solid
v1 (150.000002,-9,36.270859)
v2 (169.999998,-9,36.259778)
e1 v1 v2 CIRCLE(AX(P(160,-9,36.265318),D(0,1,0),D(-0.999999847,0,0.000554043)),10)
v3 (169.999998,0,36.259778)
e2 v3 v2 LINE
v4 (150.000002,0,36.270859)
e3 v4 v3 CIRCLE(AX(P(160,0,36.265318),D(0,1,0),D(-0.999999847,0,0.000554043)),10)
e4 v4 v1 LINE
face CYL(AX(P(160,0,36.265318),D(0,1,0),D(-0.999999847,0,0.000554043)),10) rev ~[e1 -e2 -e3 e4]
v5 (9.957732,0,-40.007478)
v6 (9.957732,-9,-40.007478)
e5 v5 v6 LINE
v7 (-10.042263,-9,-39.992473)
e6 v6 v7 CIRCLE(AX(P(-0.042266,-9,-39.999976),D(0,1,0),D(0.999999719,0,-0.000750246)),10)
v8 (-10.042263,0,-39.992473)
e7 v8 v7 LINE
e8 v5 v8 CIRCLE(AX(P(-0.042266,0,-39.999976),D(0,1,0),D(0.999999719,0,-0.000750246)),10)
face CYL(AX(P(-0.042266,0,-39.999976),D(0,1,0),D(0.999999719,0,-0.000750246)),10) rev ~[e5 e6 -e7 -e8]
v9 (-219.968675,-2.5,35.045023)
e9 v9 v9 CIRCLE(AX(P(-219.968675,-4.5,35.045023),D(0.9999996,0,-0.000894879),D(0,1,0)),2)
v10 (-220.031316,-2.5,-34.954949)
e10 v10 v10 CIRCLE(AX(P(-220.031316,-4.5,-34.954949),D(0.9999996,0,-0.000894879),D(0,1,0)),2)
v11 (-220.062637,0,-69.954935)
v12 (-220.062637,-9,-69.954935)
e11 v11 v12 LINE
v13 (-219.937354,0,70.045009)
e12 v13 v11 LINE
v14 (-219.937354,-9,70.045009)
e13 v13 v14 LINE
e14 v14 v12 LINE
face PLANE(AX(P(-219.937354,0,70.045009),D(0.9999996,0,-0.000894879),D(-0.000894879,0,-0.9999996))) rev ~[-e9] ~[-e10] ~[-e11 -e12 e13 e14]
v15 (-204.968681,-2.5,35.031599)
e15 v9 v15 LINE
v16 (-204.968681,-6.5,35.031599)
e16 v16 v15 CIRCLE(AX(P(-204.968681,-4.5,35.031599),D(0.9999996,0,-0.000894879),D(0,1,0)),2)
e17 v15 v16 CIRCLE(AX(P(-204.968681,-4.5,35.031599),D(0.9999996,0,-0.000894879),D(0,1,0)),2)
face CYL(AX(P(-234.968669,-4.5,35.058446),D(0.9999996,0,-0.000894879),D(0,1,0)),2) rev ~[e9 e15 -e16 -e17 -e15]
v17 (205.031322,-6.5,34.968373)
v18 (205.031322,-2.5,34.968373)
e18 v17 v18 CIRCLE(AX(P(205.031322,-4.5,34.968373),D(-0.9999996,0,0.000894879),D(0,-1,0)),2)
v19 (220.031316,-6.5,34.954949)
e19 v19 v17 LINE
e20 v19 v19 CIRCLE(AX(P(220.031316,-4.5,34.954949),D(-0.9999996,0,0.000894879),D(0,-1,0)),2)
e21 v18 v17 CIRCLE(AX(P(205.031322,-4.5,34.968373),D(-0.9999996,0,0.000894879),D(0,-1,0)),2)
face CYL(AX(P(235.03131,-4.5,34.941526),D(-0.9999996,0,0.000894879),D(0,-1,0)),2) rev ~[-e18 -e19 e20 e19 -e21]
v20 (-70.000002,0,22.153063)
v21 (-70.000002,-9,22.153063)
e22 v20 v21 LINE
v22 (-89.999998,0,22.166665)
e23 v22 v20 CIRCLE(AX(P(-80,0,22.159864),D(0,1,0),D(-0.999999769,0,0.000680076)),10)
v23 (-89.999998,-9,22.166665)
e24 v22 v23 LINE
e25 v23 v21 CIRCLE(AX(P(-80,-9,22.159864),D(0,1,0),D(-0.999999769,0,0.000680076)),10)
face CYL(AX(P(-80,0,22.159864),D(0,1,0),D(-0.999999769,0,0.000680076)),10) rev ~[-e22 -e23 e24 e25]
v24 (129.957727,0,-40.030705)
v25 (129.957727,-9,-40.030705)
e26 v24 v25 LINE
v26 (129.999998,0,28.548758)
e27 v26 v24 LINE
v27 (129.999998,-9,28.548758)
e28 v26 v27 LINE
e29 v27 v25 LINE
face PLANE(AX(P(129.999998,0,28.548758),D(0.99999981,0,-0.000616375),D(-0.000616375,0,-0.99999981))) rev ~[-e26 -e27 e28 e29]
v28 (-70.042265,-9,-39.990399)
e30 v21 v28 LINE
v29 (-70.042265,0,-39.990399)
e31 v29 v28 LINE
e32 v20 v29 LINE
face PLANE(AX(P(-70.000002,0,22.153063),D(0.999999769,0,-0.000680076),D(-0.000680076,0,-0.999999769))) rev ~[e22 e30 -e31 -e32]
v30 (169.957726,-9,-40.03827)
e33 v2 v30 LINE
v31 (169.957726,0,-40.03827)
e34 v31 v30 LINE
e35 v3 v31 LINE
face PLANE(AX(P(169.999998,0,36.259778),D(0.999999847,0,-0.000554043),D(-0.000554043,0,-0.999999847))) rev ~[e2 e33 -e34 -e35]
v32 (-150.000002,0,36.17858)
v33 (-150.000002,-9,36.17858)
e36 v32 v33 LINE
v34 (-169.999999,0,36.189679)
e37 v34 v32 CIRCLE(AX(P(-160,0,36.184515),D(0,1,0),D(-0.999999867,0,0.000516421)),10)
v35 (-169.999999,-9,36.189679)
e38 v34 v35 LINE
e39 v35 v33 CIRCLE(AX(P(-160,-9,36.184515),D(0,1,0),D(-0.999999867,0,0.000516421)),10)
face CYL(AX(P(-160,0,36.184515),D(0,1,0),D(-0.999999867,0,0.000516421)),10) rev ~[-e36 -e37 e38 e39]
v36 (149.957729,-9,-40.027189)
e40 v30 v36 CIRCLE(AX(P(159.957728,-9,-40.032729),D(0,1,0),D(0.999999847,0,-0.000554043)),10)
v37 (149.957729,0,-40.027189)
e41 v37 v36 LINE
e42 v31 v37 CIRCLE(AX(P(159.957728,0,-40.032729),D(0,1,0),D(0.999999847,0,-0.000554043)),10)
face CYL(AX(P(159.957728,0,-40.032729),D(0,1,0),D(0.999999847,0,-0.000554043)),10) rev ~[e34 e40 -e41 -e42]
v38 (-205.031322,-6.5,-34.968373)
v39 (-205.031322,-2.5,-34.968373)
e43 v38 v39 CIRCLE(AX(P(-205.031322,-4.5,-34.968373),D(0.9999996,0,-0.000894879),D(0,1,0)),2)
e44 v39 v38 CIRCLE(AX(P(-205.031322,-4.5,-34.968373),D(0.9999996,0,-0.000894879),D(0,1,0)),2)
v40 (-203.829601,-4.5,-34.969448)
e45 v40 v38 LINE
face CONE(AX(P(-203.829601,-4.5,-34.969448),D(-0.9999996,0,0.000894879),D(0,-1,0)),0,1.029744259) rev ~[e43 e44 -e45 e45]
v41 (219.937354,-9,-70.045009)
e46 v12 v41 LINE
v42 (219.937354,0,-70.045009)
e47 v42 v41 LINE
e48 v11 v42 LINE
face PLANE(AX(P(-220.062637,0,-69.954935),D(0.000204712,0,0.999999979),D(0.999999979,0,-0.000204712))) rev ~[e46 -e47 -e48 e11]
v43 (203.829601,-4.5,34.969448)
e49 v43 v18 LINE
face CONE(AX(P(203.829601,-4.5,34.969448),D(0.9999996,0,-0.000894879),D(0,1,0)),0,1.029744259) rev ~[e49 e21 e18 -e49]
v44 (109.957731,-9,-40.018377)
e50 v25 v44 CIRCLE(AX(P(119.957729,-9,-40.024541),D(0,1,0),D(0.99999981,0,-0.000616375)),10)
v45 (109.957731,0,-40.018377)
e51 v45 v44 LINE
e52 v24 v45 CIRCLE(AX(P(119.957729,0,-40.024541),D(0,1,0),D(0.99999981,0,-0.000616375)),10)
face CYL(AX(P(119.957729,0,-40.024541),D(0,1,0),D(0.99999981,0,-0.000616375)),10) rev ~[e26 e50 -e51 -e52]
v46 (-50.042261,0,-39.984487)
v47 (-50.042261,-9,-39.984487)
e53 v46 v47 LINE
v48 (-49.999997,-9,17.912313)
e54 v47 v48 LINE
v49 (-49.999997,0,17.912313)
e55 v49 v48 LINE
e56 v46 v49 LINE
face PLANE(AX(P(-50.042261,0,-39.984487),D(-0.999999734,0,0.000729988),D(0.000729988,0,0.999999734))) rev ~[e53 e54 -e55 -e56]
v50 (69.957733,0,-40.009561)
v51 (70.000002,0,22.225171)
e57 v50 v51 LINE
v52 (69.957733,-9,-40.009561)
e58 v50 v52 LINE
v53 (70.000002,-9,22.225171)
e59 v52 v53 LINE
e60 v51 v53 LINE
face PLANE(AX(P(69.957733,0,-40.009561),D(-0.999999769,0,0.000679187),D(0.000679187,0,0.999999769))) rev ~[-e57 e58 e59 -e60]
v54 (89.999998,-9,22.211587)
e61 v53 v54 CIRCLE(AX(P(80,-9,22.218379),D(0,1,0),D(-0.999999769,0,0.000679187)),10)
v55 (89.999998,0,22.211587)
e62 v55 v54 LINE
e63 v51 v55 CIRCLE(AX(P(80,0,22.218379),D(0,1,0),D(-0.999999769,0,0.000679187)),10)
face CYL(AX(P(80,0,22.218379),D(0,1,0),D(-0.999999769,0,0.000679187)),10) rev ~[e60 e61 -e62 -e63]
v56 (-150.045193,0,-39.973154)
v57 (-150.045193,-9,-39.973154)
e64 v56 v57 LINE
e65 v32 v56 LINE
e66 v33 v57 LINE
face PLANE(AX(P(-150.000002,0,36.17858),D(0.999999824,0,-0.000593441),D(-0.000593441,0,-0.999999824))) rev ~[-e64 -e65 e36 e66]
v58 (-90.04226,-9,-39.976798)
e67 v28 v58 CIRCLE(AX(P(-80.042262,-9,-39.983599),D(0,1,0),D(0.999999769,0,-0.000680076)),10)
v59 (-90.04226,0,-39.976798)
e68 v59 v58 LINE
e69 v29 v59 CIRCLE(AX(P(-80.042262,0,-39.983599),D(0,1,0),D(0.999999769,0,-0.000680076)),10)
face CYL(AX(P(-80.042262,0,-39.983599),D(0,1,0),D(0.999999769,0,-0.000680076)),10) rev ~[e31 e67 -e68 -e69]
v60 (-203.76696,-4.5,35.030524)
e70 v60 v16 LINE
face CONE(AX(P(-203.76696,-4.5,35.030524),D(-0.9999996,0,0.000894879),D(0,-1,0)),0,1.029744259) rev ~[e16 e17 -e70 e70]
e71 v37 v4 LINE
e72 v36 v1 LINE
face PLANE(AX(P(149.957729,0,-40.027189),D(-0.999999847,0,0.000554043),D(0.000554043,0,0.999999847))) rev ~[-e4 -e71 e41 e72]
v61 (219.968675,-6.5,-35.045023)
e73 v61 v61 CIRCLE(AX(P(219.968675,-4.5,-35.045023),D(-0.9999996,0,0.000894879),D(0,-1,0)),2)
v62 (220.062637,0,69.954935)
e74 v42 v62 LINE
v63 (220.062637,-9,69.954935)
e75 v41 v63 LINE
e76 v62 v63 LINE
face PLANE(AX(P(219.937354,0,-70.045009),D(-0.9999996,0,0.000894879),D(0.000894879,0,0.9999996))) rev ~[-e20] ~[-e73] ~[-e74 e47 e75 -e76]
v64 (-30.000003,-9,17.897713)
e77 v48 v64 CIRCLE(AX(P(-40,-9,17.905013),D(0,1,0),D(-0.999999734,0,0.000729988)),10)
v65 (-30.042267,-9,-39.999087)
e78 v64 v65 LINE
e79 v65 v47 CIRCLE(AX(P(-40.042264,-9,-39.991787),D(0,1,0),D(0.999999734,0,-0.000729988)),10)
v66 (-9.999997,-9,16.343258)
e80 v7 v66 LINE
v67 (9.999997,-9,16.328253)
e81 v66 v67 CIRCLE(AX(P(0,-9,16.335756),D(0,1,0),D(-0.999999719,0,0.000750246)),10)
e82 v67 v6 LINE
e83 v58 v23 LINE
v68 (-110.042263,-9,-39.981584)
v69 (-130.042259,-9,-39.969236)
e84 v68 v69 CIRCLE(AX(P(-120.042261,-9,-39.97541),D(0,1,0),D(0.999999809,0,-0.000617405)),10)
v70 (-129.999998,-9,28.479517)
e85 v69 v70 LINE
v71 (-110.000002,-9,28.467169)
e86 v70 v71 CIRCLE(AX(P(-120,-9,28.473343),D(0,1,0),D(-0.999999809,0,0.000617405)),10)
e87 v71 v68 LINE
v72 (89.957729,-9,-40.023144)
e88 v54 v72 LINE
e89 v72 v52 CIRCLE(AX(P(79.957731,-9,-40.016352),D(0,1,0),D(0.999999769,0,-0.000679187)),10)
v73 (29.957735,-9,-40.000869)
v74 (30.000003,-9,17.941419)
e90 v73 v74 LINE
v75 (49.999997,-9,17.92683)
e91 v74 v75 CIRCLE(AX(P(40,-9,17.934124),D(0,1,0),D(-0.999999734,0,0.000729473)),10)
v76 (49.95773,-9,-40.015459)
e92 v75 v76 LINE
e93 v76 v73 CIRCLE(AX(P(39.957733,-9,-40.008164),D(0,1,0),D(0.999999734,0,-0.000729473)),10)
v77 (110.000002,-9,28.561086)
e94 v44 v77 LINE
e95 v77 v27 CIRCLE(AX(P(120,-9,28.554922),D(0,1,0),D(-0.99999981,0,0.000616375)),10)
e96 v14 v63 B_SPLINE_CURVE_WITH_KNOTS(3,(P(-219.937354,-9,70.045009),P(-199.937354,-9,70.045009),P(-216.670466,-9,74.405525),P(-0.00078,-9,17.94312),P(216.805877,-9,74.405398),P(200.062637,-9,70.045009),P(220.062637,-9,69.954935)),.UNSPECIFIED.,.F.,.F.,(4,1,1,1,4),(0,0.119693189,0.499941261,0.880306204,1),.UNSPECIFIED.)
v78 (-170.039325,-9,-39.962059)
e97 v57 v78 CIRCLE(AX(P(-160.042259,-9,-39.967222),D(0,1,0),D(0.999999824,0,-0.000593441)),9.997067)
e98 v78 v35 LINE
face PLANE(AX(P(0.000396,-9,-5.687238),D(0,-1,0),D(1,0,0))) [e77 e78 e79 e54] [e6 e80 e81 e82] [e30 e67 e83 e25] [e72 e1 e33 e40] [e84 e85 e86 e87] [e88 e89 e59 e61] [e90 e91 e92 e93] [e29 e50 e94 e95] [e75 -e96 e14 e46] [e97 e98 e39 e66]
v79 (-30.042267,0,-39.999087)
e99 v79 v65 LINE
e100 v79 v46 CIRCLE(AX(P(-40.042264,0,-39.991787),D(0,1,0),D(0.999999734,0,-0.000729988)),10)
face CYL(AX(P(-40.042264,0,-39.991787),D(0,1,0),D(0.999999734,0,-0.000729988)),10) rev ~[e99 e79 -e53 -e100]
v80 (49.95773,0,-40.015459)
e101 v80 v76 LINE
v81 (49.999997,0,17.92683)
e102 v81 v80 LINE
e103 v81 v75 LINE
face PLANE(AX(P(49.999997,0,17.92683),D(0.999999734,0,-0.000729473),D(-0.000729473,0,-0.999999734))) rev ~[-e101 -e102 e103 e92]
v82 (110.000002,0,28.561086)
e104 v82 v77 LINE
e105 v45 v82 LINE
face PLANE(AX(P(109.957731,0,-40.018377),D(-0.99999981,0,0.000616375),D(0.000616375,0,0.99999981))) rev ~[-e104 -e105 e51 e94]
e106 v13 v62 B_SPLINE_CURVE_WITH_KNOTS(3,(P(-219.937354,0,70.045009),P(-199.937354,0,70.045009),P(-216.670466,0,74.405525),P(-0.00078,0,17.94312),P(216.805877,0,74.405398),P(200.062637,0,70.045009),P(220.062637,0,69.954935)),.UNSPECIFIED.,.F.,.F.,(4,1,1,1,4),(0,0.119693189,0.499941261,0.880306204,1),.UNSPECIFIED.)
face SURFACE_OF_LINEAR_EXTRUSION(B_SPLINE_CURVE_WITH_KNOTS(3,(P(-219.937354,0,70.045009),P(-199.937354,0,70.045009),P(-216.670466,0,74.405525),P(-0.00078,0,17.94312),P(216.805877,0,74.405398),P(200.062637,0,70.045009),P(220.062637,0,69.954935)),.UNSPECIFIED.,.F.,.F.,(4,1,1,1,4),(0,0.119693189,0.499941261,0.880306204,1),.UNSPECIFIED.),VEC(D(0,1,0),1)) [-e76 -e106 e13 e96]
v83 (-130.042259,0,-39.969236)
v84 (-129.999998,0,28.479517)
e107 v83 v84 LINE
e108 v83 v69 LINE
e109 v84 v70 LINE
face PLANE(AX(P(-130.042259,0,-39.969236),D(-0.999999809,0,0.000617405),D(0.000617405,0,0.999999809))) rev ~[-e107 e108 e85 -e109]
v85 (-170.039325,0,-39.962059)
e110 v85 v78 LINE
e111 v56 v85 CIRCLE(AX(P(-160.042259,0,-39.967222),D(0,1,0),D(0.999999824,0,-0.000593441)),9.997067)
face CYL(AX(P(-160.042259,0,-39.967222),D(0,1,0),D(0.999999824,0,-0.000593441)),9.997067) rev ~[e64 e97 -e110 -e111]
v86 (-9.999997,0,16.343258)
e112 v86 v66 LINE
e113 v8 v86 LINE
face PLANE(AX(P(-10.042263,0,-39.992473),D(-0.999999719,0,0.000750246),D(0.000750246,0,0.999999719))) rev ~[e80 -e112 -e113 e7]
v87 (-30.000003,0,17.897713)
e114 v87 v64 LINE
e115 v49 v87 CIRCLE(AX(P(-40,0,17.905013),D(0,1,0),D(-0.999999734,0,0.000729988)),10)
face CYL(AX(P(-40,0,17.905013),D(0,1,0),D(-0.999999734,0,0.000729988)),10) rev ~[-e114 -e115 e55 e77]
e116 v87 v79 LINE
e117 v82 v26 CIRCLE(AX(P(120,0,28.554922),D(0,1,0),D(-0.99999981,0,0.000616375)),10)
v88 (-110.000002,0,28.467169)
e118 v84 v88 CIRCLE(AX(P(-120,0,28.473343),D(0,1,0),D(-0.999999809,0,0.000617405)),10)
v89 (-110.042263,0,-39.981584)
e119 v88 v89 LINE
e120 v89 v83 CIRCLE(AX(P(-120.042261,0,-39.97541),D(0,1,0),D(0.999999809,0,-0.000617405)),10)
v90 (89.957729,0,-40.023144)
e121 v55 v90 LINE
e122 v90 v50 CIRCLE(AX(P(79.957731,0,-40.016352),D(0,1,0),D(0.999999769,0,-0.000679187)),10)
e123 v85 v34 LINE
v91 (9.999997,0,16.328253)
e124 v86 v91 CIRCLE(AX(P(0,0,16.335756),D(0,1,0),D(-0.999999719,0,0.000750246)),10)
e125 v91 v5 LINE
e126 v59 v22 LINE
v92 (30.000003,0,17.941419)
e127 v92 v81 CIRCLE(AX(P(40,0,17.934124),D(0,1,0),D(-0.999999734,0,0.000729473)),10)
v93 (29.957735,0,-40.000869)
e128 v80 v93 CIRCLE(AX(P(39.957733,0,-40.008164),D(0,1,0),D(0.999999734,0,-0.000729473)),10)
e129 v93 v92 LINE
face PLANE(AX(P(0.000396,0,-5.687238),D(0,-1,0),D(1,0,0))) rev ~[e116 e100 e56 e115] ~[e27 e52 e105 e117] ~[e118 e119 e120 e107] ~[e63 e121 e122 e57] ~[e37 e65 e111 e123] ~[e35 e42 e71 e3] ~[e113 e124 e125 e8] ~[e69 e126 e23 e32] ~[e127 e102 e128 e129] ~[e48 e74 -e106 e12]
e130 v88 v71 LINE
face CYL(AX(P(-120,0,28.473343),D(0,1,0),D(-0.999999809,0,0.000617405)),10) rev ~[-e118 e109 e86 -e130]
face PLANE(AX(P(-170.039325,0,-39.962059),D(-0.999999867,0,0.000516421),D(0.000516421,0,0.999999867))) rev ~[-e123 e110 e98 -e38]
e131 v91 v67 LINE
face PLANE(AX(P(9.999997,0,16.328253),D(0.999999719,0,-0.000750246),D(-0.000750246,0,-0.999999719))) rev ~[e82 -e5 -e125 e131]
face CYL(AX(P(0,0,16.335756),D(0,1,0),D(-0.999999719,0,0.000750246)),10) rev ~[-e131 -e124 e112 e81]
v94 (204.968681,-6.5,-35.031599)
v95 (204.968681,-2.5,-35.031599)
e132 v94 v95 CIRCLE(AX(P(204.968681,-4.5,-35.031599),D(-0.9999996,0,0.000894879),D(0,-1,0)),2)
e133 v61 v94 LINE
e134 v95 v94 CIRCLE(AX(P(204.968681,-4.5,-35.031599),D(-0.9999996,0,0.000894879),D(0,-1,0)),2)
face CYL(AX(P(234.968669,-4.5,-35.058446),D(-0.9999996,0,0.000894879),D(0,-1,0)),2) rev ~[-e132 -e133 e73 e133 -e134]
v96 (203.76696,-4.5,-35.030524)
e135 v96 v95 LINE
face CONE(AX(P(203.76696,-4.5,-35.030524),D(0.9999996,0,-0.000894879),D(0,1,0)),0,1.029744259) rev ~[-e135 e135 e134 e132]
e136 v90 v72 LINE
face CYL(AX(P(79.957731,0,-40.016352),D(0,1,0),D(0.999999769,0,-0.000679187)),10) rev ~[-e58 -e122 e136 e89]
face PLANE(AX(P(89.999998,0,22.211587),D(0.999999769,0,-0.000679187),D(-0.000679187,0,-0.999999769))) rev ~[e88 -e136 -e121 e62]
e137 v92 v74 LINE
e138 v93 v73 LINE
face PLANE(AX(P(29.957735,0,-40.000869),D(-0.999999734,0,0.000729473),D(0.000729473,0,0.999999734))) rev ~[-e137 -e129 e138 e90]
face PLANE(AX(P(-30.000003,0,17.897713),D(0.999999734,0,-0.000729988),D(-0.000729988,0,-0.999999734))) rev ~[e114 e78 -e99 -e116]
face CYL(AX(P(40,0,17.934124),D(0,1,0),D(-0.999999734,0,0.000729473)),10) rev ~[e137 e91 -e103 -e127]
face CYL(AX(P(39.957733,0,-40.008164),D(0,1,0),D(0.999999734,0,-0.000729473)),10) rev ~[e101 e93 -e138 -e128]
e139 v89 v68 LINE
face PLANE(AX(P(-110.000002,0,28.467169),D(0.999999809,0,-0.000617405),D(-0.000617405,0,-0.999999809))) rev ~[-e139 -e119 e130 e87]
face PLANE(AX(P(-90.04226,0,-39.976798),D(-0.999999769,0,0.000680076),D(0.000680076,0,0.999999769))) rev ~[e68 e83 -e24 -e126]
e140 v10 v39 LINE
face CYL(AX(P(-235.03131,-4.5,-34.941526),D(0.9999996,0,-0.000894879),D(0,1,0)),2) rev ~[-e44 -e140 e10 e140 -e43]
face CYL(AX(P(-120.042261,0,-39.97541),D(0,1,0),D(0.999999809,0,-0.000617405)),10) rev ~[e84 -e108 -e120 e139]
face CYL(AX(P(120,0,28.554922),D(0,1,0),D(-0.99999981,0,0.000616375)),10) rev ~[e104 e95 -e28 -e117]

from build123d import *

# Parameters (mm, degrees)
F1_DEPTH = 9
F3_D     = 4
F3_DEPTH = 15
F3_TIP   = 1.2017212381
F5_D     = 4
F5_DEPTH = 15
F5_TIP   = 1.2017212381


with BuildPart() as f1:
    # F0 (on Front) → F1 (new body)
    with BuildSketch(Plane.XZ):
        with BuildLine():
            Line((-220.0626368999, -69.9549353437), (219.9373538806, -70.0450085997))
            Line((219.9373538806, -70.0450085997), (220.0626368999, 69.9549353437))
            add(Edge.make_bspline(
                [(-219.9373538806, 70.0450085997), (-199.9373538806, 70.0450085997), (-216.6704655541, 74.4055250187), (-0.0007798551, 17.9431203918), (216.8058766507, 74.4053980204), (200.0626368999, 70.0450085992), (220.0626368999, 69.9549353437)],
                knots=[0, 0, 0, 0, 0.1196931891, 0.4999412608, 0.880306204, 1, 1, 1, 1], degree=3))
            Line((-219.9373538806, 70.0450085997), (-220.0626368999, -69.9549353437))
        make_face()
        with BuildLine():
            Line((-170.0393250498, -39.9620589055), (-169.9999986665, 36.1896787821))
            ThreePointArc((-169.9999986665, 36.1896787821), (-159.9944506903, 46.1845130295), (-150.0000017609, 36.1785801628))
            Line((-150.0000017609, 36.1785801628), (-150.0451933034, -39.9731542701))
            ThreePointArc((-150.0451933034, -39.9731542701), (-160.0478066453, -49.9642874845), (-170.0393250498, -39.9620589055))
        make_face(mode=Mode.SUBTRACT)
        with BuildLine():
            Line((-130.0422587333, -39.9692360273), (-129.9999980941, 28.4795169333))
            ThreePointArc((-129.9999980941, 28.4795169333), (-119.9938259458, 38.4733409731), (-110.0000019059, 28.4671688248))
            Line((-110.0000019059, 28.4671688248), (-110.0422625452, -39.9815841357))
            ThreePointArc((-110.0422625452, -39.9815841357), (-120.0484346935, -49.9754081755), (-130.0422587333, -39.9692360273))
        make_face(mode=Mode.SUBTRACT)
        with BuildLine():
            Line((-90.042260003, -39.9767977945), (-89.9999976875, 22.1666648469))
            ThreePointArc((-89.9999976875, 22.1666648469), (-79.9931992354, 32.1598617699), (-70.0000023125, 22.1530633178))
            Line((-70.0000023125, 22.1530633178), (-70.0422646281, -39.9903993236))
            ThreePointArc((-70.0422646281, -39.9903993236), (-80.0490630801, -49.9835962466), (-90.042260003, -39.9767977945))
        make_face(mode=Mode.SUBTRACT)
        with BuildLine():
            Line((-50.0422613274, -39.9844871548), (-49.9999973356, 17.9123129962))
            ThreePointArc((-49.9999973356, 17.9123129962), (-39.9927001181, 27.9050104499), (-30.0000026644, 17.8977132324))
            Line((-30.0000026644, 17.8977132324), (-30.0422666562, -39.9990869186))
            ThreePointArc((-30.0422666562, -39.9990869186), (-40.0495638737, -49.9917843723), (-50.0422613274, -39.9844871548))
        make_face(mode=Mode.SUBTRACT)
        with BuildLine():
            Line((-10.0422628538, -39.9924730545), (-9.9999971857, 16.3432583937))
            ThreePointArc((-9.9999971857, 16.3432583937), (0.0075024598, 26.3357531195), (9.9999971857, 16.328253474))
            Line((9.9999971857, 16.328253474), (9.9577315176, -40.0074779741))
            ThreePointArc((9.9577315176, -40.0074779741), (-0.0497681279, -49.9999726999), (-10.0422628538, -39.9924730545))
        make_face(mode=Mode.SUBTRACT)
        with BuildLine():
            Line((29.9577353163, -40.0008692622), (30.0000026607, 17.9414189994))
            ThreePointArc((30.0000026607, 17.9414189994), (40.0072947297, 27.934121609), (49.9999973393, 17.92682954))
            Line((49.9999973393, 17.92682954), (49.957729995, -40.0154587216))
            ThreePointArc((49.957729995, -40.0154587216), (39.9504379259, -50.0081613312), (29.9577353163, -40.0008692622))
        make_face(mode=Mode.SUBTRACT)
        with BuildLine():
            Line((69.9577332858, -40.0095606011), (70.0000023065, 22.2251711426))
            ThreePointArc((70.0000023065, 22.2251711426), (80.0067918684, 32.2183769677), (89.9999976935, 22.2115874058))
            Line((89.9999976935, 22.2115874058), (89.9577286729, -40.0231443379))
            ThreePointArc((89.9577286729, -40.0231443379), (79.9509391109, -50.016350163), (69.9577332858, -40.0095606011))
        make_face(mode=Mode.SUBTRACT)
        with BuildLine():
            Line((109.9577312027, -40.0183771938), (110.0000018996, 28.5610859215))
            ThreePointArc((110.0000018996, 28.5610859215), (120.0061637533, 38.5549202687), (129.9999981004, 28.548758415))
            Line((129.9999981004, 28.548758415), (129.9577274035, -40.0307047003))
            ThreePointArc((129.9577274035, -40.0307047003), (119.9515655498, -50.0245390475), (109.9577312027, -40.0183771938))
        make_face(mode=Mode.SUBTRACT)
        with BuildLine():
            Line((149.9577291616, -40.0271889989), (150.0000015348, 36.2708587226))
            ThreePointArc((150.0000015348, 36.2708587226), (160.0055404257, 46.2653167621), (169.9999984652, 36.2597778711))
            Line((169.9999984652, 36.2597778711), (169.957726092, -40.0382698504))
            ThreePointArc((169.957726092, -40.0382698504), (159.952187201, -50.0327278899), (149.9577291616, -40.0271889989))
        make_face(mode=Mode.SUBTRACT)
    extrude(amount=F1_DEPTH)

    # F3
    with Locations(Plane(origin=(-219.9998595148, 0, 0.1968732692), x_dir=(0, -1, 0), z_dir=(-0.9999995996, 0, 0.0008948787))):
        with Locations((4.5, 34.8481632979), (4.5, -35.1518367021)):
            Hole(F3_D / 2, depth=F3_DEPTH)
            with Locations((0, 0, -(F3_DEPTH + F3_TIP / 2))):  # 118° drill point
                Cone(0, F3_D / 2, F3_TIP, mode=Mode.SUBTRACT)

    # F5
    with Locations(Plane(origin=(219.9998595148, 0, -0.1968732692), x_dir=(0, 1, 0), z_dir=(0.9999995996, 0, -0.0008948787))):
        with Locations((-4.5, 35.1518367021), (-4.5, -34.8481632979)):
            Hole(F5_D / 2, depth=F5_DEPTH)
            with Locations((0, 0, -(F5_DEPTH + F5_TIP / 2))):  # 118° drill point
                Cone(0, F5_D / 2, F5_TIP, mode=Mode.SUBTRACT)


solid = f1.part
